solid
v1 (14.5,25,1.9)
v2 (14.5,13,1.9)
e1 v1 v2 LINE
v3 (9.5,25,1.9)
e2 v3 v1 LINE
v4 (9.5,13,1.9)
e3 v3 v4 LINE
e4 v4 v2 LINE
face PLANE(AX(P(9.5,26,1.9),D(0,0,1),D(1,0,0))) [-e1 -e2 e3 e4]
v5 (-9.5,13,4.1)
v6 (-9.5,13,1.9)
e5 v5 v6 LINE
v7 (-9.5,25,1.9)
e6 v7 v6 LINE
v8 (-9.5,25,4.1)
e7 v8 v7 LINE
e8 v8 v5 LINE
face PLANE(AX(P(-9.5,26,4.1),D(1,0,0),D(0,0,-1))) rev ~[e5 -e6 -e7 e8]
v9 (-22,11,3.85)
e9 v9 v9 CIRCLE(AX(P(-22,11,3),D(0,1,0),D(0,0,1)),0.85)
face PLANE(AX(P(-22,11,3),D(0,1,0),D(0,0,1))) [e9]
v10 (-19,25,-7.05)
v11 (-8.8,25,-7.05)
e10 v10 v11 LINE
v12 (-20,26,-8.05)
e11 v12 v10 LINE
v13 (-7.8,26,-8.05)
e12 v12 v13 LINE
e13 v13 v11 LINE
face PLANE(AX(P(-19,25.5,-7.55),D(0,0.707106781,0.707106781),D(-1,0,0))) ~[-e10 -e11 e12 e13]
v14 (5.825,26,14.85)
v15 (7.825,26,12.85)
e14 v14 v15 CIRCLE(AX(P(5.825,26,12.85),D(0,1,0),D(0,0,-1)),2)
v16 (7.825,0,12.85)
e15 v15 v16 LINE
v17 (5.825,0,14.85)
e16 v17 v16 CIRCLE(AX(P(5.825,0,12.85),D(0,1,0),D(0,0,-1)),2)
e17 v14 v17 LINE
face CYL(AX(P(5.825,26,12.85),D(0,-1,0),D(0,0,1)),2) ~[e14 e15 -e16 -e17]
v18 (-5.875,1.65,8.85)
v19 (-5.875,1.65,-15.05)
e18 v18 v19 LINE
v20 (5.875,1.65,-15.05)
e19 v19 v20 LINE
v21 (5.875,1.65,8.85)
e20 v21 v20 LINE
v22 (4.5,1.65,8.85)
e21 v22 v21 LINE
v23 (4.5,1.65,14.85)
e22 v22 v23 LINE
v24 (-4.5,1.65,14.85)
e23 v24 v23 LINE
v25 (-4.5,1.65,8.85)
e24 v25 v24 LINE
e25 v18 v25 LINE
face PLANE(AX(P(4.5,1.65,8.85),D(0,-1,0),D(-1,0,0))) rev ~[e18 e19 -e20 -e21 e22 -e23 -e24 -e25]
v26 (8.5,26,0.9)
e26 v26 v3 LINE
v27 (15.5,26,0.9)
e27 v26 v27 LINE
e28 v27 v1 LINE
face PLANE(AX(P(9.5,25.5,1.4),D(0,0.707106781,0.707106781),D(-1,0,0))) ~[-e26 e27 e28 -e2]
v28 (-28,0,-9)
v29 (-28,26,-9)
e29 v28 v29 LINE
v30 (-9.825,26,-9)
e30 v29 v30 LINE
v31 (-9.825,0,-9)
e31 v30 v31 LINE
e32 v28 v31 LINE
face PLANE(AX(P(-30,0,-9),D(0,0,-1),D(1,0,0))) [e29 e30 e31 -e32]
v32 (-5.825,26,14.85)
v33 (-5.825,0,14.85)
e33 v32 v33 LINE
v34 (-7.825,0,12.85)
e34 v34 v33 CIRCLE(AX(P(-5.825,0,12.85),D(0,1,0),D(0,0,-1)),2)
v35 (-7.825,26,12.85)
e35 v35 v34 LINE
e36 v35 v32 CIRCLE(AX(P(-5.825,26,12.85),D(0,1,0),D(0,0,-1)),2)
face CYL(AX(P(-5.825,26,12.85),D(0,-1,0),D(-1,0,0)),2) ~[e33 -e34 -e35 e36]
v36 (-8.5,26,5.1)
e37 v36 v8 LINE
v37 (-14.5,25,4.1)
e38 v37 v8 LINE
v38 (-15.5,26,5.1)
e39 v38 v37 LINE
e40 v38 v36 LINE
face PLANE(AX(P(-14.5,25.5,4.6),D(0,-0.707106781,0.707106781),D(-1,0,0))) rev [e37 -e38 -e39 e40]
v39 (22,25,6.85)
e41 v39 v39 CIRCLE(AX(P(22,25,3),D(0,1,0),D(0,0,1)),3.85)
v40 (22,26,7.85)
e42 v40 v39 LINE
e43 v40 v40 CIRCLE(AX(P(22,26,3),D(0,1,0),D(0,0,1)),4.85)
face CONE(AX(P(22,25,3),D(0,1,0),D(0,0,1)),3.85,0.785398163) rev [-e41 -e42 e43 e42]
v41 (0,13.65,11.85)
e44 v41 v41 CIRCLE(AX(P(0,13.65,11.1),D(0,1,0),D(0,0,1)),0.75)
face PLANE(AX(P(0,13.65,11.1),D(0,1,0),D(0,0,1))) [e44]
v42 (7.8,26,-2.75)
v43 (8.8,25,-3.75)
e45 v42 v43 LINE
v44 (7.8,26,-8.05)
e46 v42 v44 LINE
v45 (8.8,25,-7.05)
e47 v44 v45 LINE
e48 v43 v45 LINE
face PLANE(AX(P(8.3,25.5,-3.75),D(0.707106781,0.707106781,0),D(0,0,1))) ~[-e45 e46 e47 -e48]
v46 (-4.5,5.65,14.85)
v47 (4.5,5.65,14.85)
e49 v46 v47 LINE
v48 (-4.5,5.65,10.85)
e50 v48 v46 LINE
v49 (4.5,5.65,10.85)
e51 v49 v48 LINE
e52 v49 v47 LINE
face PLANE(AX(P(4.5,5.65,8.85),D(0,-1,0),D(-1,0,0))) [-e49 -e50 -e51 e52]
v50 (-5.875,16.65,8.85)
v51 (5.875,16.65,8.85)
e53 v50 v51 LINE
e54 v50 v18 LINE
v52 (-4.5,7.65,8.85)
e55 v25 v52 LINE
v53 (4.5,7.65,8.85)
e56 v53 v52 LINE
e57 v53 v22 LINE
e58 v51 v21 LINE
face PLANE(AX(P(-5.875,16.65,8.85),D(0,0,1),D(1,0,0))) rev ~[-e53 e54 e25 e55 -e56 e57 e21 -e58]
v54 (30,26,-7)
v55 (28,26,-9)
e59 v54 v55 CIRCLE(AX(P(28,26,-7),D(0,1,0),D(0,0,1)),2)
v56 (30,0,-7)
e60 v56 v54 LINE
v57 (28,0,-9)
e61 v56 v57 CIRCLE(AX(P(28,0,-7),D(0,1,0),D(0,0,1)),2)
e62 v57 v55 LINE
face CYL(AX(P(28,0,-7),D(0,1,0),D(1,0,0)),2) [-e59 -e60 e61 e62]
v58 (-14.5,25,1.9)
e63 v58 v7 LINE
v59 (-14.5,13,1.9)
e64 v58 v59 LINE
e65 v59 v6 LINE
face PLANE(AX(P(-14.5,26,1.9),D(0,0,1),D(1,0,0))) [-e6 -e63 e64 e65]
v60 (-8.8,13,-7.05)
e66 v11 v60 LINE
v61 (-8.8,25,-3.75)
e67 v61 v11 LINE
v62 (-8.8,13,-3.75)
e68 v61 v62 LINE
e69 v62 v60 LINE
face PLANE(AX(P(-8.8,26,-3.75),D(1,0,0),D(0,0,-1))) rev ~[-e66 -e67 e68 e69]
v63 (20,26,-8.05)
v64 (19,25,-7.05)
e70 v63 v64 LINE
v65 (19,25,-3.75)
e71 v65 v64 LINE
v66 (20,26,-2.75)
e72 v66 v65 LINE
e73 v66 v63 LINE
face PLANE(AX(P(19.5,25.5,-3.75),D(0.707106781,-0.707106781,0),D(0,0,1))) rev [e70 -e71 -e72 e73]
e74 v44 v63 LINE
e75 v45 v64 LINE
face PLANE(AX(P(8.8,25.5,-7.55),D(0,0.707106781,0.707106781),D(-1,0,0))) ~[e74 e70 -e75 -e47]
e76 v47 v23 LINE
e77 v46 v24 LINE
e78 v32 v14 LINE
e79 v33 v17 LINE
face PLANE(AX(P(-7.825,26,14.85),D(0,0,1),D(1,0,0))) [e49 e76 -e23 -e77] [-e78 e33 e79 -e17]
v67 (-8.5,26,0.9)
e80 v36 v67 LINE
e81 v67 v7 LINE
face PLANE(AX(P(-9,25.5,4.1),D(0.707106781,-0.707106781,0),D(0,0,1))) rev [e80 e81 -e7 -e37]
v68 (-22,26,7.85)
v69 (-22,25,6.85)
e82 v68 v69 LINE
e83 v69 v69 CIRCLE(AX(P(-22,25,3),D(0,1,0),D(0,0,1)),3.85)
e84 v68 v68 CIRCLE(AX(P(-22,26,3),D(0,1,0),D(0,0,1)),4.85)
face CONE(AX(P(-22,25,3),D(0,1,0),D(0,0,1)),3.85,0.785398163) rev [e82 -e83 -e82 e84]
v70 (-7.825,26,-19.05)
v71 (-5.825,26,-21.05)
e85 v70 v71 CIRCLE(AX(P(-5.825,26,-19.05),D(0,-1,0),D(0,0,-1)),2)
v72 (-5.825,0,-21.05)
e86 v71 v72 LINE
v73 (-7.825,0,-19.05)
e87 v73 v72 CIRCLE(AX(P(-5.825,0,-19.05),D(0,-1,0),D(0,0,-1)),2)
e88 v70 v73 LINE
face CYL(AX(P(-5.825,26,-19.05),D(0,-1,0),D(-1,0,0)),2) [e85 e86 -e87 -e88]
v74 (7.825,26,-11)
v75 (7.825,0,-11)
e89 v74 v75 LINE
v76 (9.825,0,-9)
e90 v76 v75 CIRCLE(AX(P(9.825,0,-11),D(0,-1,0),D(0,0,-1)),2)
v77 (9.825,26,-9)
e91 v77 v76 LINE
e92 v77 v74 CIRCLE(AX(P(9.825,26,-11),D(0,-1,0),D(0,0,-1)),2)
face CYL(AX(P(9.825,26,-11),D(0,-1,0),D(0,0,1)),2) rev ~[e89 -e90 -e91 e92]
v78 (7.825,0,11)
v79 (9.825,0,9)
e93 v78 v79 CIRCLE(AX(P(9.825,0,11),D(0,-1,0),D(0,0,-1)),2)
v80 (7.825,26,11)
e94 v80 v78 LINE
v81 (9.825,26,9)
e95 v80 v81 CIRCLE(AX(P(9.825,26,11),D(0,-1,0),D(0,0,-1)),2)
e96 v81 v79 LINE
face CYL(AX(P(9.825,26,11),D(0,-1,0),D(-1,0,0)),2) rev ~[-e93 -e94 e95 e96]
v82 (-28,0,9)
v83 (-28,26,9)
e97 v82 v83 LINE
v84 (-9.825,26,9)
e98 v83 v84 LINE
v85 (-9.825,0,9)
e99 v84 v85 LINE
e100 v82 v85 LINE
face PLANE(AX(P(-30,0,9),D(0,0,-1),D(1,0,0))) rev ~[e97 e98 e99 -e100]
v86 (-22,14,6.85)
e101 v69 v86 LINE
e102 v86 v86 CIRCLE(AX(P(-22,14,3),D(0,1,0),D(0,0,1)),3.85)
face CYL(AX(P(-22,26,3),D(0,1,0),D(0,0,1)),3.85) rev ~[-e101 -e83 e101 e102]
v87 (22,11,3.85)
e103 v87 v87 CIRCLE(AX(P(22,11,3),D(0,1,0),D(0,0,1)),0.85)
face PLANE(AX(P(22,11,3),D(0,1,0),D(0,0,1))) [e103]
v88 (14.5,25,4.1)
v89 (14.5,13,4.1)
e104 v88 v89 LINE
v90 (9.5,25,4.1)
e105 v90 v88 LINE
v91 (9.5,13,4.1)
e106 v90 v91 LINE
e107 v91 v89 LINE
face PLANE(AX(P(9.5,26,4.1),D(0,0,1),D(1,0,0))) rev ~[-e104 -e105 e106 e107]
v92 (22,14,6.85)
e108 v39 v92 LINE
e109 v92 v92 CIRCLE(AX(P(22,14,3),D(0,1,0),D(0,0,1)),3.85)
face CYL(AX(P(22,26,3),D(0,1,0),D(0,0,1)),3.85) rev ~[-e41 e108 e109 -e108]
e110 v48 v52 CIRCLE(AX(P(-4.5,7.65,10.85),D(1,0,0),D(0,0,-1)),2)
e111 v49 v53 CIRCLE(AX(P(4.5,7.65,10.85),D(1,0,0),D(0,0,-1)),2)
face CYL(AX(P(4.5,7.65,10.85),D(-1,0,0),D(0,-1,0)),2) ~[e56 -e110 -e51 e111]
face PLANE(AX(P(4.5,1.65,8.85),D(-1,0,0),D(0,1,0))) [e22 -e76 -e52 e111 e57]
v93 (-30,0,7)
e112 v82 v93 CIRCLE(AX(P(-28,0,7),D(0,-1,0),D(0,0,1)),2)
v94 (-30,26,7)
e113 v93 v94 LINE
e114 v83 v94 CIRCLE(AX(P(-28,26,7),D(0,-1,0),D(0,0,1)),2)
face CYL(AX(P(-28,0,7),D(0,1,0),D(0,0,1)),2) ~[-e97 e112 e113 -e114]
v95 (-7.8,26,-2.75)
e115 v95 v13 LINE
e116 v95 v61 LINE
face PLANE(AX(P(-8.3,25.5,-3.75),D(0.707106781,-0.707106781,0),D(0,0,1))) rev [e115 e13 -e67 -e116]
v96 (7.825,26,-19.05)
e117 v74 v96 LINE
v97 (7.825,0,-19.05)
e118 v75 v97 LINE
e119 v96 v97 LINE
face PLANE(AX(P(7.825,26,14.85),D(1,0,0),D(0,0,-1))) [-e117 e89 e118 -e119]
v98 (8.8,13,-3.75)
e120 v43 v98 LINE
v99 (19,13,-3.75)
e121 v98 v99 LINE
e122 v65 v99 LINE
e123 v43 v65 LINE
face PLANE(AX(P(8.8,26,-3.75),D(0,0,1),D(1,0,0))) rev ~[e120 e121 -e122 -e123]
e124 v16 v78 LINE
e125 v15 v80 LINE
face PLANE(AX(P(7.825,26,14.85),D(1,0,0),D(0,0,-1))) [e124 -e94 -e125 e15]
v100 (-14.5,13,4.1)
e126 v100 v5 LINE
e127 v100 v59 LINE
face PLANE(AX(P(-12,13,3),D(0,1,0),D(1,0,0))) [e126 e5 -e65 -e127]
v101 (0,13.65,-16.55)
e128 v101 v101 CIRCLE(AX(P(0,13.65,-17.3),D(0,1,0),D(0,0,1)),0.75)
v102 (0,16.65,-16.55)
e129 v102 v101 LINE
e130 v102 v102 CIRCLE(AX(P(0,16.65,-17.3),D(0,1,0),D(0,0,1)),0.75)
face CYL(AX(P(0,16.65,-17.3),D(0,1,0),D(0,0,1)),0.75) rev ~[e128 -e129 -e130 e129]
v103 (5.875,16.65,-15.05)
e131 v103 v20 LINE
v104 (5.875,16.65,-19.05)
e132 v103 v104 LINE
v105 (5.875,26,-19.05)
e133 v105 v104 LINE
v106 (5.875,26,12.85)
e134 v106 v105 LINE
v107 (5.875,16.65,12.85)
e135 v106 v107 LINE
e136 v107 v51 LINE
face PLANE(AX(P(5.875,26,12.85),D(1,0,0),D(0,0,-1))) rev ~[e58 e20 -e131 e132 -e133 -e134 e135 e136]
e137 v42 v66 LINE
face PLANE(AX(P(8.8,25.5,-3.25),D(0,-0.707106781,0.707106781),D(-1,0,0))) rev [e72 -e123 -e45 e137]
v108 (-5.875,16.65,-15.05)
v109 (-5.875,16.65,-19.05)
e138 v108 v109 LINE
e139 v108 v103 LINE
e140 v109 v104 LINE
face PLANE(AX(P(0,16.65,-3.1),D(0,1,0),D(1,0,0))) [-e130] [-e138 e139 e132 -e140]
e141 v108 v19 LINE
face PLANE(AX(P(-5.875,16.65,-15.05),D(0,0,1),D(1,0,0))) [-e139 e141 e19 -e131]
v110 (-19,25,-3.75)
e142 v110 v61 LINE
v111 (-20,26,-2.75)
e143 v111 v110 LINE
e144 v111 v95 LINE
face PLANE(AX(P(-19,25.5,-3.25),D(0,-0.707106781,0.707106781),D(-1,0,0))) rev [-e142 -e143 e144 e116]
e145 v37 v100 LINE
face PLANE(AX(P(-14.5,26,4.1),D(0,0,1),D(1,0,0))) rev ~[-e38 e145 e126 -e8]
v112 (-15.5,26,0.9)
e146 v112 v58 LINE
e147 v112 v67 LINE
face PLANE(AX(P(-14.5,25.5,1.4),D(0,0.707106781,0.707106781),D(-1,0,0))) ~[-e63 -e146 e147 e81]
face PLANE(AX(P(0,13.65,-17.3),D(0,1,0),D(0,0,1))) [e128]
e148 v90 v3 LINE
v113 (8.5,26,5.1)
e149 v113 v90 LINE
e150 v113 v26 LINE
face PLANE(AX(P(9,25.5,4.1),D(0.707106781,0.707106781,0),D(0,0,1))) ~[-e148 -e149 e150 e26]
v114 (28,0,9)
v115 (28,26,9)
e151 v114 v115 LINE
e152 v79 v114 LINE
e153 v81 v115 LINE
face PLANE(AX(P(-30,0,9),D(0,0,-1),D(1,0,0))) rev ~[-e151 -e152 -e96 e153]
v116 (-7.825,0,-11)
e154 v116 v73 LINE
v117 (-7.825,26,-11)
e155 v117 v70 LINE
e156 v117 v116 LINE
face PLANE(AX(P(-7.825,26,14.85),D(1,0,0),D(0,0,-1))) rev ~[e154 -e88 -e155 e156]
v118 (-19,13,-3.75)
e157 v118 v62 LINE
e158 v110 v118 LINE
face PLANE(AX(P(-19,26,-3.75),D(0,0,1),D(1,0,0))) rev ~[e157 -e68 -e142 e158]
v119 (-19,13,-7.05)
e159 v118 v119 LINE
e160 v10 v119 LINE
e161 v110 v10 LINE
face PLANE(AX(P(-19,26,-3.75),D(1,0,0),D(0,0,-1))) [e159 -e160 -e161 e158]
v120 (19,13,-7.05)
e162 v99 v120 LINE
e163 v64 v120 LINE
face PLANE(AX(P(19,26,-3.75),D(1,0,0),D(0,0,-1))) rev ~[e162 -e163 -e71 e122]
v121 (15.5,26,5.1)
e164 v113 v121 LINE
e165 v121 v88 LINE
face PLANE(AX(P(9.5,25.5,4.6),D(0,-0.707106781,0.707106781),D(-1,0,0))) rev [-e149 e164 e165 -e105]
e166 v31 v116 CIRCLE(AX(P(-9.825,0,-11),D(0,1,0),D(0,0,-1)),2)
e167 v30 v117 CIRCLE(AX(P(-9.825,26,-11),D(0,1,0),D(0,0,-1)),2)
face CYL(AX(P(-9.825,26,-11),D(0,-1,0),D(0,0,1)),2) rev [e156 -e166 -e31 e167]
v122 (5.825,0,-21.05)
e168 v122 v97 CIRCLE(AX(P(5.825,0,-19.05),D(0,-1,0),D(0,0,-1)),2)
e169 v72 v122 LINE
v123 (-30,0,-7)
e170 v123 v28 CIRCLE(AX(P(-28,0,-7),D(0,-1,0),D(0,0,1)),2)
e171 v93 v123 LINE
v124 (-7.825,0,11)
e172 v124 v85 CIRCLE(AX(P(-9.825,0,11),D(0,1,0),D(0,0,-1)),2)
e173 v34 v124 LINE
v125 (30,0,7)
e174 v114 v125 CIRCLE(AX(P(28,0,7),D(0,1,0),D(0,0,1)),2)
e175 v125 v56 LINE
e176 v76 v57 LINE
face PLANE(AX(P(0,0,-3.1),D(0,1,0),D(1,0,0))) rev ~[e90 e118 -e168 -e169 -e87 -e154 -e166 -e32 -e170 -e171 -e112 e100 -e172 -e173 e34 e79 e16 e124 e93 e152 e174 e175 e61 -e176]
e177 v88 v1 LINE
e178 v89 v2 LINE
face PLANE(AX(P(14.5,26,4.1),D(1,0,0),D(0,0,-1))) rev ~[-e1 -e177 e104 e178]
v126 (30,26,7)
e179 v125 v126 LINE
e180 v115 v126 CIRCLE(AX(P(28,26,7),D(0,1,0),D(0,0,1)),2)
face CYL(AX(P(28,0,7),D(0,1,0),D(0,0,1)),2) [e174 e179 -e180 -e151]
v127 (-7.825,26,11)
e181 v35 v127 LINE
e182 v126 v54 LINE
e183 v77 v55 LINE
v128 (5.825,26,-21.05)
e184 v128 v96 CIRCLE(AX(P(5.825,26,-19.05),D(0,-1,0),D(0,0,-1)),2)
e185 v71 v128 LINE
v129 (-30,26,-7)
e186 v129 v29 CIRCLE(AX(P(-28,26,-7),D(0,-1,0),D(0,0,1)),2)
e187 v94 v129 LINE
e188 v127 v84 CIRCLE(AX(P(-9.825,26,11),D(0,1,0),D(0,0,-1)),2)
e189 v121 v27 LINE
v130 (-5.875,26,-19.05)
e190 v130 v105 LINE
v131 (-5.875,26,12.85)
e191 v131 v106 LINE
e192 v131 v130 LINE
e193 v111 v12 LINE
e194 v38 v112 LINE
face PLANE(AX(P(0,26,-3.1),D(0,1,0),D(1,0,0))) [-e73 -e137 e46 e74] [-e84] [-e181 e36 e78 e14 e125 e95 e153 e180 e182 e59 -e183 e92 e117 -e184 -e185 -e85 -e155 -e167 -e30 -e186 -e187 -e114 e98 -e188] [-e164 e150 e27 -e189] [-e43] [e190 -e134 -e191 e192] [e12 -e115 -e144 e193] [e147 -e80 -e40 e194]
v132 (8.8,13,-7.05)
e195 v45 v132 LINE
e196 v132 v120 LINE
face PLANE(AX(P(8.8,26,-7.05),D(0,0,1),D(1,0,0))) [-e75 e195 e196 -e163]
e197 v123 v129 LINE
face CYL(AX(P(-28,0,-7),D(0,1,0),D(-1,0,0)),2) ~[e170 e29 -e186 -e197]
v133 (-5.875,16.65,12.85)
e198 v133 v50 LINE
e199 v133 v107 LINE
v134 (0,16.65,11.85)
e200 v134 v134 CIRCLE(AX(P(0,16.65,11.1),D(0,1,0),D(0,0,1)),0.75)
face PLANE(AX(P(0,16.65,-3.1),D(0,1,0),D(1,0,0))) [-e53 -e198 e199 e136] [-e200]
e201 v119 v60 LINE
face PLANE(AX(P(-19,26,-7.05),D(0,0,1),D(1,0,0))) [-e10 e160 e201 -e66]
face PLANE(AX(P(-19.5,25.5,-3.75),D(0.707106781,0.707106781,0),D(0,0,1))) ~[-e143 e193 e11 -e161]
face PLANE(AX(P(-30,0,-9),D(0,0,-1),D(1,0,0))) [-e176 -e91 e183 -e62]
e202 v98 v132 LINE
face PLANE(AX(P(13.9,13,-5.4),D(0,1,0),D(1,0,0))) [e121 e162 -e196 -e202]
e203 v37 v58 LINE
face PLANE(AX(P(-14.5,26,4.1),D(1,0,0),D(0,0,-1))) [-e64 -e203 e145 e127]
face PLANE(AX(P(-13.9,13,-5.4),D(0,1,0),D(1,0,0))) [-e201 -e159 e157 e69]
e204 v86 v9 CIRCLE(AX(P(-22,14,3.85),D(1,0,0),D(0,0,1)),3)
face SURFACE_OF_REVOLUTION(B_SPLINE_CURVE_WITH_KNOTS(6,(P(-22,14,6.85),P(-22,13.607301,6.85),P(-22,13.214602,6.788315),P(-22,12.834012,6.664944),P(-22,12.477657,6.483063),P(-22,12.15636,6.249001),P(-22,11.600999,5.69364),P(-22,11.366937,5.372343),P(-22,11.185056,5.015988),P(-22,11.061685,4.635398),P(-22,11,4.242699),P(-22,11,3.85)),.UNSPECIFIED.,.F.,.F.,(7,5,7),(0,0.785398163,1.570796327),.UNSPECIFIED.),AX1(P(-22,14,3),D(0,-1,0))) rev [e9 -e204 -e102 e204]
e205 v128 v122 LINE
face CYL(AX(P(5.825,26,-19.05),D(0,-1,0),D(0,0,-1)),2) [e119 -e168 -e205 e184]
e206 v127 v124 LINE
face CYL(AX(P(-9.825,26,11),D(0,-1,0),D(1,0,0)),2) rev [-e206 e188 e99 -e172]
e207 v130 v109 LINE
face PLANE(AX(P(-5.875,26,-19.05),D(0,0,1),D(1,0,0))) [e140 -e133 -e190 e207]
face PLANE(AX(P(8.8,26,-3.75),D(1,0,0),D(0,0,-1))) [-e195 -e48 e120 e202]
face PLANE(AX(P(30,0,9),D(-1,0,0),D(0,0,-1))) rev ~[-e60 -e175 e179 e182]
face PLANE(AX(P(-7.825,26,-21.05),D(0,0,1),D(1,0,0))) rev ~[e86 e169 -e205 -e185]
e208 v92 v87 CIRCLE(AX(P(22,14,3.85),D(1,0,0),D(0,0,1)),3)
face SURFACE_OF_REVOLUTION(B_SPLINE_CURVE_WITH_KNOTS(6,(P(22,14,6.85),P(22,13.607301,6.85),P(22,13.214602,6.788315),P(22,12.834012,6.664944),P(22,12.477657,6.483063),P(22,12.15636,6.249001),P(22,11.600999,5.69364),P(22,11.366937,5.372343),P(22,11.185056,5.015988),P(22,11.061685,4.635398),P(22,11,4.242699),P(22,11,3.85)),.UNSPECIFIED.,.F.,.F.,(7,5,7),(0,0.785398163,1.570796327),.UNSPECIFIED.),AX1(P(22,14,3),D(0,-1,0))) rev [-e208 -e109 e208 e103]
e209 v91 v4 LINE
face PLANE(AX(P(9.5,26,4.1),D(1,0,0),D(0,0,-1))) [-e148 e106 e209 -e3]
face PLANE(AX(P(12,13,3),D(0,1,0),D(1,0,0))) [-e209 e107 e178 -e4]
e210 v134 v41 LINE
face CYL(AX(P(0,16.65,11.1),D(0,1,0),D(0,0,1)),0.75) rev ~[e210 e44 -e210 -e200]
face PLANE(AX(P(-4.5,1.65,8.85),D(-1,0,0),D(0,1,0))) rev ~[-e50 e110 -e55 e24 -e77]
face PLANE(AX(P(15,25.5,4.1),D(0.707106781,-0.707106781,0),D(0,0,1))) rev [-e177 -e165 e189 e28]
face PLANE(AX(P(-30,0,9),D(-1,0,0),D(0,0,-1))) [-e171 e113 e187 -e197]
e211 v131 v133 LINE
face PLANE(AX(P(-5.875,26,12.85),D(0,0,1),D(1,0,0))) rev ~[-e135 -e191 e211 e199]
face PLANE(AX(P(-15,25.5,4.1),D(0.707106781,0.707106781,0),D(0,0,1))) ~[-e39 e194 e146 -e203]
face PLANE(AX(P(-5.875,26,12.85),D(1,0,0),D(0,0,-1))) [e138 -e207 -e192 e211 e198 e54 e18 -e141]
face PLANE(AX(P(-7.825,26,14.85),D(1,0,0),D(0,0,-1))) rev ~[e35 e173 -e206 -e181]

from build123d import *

# Parameters (mm, degrees)
SKETCH1_W             = 60
SKETCH1_H             = 18
BOSS_EXTRUDE1_DEPTH   = 26
SKETCH2_R             = 3.85
EYESHAFT_HOLES_DEPTH  = 15
EYESHAFT_FILLET_R     = 3
SKETCH5_W             = 5
SKETCH5_H             = 2.2
FRONT_LEG_HOLES_DEPTH = 13
SKETCH7_W             = 10.2
SKETCH7_H             = 3.3
BACK_LEGS_DEPTH       = 13
SKETCH18_W            = 15.65
SKETCH18_H            = 35.9
BOSS_EXTRUDE2_DEPTH   = 26
SKETCH19_W            = 11.75
SKETCH19_H            = 31.9
CUT_EXTRUDE9_DEPTH    = 9.35
SKETCH20_W            = 11.75
SKETCH20_H            = 23.9
CUT_EXTRUDE10_DEPTH   = 15
FILLET4_R             = 2
CHAMFER1_SIZE         = 1
SKETCH21_W            = 9
SKETCH21_H            = 4
CUT_EXTRUDE11_DEPTH   = 15
FILLET5_R             = 2
SKETCH22_R            = 0.75
CUT_EXTRUDE12_DEPTH   = 3


with BuildPart() as part:
    # Sketch1 → Boss-Extrude1 (new body)
    with BuildSketch(Plane(origin=(0, 0, 0), x_dir=(1, 0, 0), z_dir=(0, 1, 0))):
        Rectangle(SKETCH1_W, SKETCH1_H)
    extrude(amount=BOSS_EXTRUDE1_DEPTH)

    # Sketch2 → Eyeshaft holes (cut)
    with BuildSketch(Plane(origin=(0, 26, 0), x_dir=(1, 0, 0), z_dir=(0, 1, 0))):
        with Locations(Location((-22, -3, 0), (0, 0, 270))):
            Circle(SKETCH2_R)
        with Locations(Location((22, -3, 0), (0, 0, 270))):
            Circle(SKETCH2_R)
    extrude(amount=-EYESHAFT_HOLES_DEPTH, mode=Mode.SUBTRACT)

    # Eyeshaft Fillet
    eyeshaft_fillet_edges = [part.edges().sort_by_distance(p)[0] for p in [
        (-22, 11, -0.85),
        (22, 11, -0.85),
    ]]
    fillet(eyeshaft_fillet_edges, radius=EYESHAFT_FILLET_R)

    # Sketch5 → Front leg holes (cut)
    with BuildSketch(Plane(origin=(0, 26, 0), x_dir=(1, 0, 0), z_dir=(0, 1, 0))):
        with Locations((-12, -3)):
            Rectangle(SKETCH5_W, SKETCH5_H)
        with Locations((12, -3)):
            Rectangle(SKETCH5_W, SKETCH5_H)
    extrude(amount=-FRONT_LEG_HOLES_DEPTH, mode=Mode.SUBTRACT)

    # Sketch7 → Back Legs (cut)
    with BuildSketch(Plane(origin=(0, 26, 0), x_dir=(1, 0, 0), z_dir=(0, 1, 0))):
        with Locations((-13.9, 5.4)):
            Rectangle(SKETCH7_W, SKETCH7_H)
        with Locations((13.9, 5.4)):
            Rectangle(SKETCH7_W, SKETCH7_H)
    extrude(amount=-BACK_LEGS_DEPTH, mode=Mode.SUBTRACT)

    # Sketch18 → Boss-Extrude2 (add)
    with BuildSketch(Plane(origin=(0, 26, 0), x_dir=(1, 0, 0), z_dir=(0, 1, 0))):
        with Locations((0, 3.1)):
            Rectangle(SKETCH18_W, SKETCH18_H)
    extrude(amount=-BOSS_EXTRUDE2_DEPTH)

    # Sketch19 → Cut-Extrude9 (cut)
    with BuildSketch(Plane(origin=(0, 26, 0), x_dir=(1, 0, 0), z_dir=(0, 1, 0))):
        with Locations((0, 3.1)):
            Rectangle(SKETCH19_W, SKETCH19_H)
    extrude(amount=-CUT_EXTRUDE9_DEPTH, mode=Mode.SUBTRACT)

    # Sketch20 → Cut-Extrude10 (cut)
    with BuildSketch(Plane(origin=(0, 16.65, 0), x_dir=(1, 0, 0), z_dir=(0, 1, 0))):
        with Locations((0, 3.1)):
            Rectangle(SKETCH20_W, SKETCH20_H)
    extrude(amount=-CUT_EXTRUDE10_DEPTH, mode=Mode.SUBTRACT)

    # Fillet4
    fillet4_edges = [part.edges().sort_by_distance(p)[0] for p in [
        (30, 13, 9),
        (-30, 13, 9),
        (-30, 13, -9),
        (30, 13, -9),
        (-7.825, 13, 14.85),
        (7.825, 13, -21.05),
        (-7.825, 13, -21.05),
        (-7.825, 13, -9),
        (-7.825, 13, 9),
        (7.825, 13, 14.85),
        (7.825, 13, -9),
        (7.825, 13, 9),
    ]]
    fillet(fillet4_edges, radius=FILLET4_R)

    # Chamfer1
    chamfer1_edges = [part.edges().sort_by_distance(p)[0] for p in [
        (-22, 26, -0.85),
        (22, 26, -0.85),
        (-9.5, 26, 3),
        (-12, 26, 1.9),
        (-14.5, 26, 3),
        (-12, 26, 4.1),
        (14.5, 26, 3),
        (12, 26, 1.9),
        (9.5, 26, 3),
        (12, 26, 4.1),
        (-19, 26, -5.4),
        (-13.9, 26, -3.75),
        (-8.8, 26, -5.4),
        (-13.9, 26, -7.05),
        (8.8, 26, -5.4),
        (13.9, 26, -3.75),
        (19, 26, -5.4),
        (13.9, 26, -7.05),
    ]]
    chamfer(chamfer1_edges, length=CHAMFER1_SIZE)

    # Sketch21 → Cut-Extrude11 (cut)
    with BuildSketch(Plane(origin=(0, 0, 8.85), x_dir=(-1, 0, 0), z_dir=(0, 0, -1))):
        with Locations((0, 3.65)):
            Rectangle(SKETCH21_W, SKETCH21_H)
    extrude(amount=-CUT_EXTRUDE11_DEPTH, mode=Mode.SUBTRACT)

    # Fillet5
    fillet5_edges = [part.edges().sort_by_distance(p)[0] for p in [
        (0, 5.65, 8.85),
    ]]
    fillet(fillet5_edges, radius=FILLET5_R)

    # Sketch22 → Cut-Extrude12 (cut)
    with BuildSketch(Plane(origin=(0, 16.65, 0), x_dir=(1, 0, 0), z_dir=(0, 1, 0))):
        with Locations(Location((0, 17.3, 0), (0, 0, 270))):
            Circle(SKETCH22_R)
        with Locations(Location((0, -11.1, 0), (0, 0, 270))):
            Circle(SKETCH22_R)
    extrude(amount=-CUT_EXTRUDE12_DEPTH, mode=Mode.SUBTRACT)


solid = part.part
